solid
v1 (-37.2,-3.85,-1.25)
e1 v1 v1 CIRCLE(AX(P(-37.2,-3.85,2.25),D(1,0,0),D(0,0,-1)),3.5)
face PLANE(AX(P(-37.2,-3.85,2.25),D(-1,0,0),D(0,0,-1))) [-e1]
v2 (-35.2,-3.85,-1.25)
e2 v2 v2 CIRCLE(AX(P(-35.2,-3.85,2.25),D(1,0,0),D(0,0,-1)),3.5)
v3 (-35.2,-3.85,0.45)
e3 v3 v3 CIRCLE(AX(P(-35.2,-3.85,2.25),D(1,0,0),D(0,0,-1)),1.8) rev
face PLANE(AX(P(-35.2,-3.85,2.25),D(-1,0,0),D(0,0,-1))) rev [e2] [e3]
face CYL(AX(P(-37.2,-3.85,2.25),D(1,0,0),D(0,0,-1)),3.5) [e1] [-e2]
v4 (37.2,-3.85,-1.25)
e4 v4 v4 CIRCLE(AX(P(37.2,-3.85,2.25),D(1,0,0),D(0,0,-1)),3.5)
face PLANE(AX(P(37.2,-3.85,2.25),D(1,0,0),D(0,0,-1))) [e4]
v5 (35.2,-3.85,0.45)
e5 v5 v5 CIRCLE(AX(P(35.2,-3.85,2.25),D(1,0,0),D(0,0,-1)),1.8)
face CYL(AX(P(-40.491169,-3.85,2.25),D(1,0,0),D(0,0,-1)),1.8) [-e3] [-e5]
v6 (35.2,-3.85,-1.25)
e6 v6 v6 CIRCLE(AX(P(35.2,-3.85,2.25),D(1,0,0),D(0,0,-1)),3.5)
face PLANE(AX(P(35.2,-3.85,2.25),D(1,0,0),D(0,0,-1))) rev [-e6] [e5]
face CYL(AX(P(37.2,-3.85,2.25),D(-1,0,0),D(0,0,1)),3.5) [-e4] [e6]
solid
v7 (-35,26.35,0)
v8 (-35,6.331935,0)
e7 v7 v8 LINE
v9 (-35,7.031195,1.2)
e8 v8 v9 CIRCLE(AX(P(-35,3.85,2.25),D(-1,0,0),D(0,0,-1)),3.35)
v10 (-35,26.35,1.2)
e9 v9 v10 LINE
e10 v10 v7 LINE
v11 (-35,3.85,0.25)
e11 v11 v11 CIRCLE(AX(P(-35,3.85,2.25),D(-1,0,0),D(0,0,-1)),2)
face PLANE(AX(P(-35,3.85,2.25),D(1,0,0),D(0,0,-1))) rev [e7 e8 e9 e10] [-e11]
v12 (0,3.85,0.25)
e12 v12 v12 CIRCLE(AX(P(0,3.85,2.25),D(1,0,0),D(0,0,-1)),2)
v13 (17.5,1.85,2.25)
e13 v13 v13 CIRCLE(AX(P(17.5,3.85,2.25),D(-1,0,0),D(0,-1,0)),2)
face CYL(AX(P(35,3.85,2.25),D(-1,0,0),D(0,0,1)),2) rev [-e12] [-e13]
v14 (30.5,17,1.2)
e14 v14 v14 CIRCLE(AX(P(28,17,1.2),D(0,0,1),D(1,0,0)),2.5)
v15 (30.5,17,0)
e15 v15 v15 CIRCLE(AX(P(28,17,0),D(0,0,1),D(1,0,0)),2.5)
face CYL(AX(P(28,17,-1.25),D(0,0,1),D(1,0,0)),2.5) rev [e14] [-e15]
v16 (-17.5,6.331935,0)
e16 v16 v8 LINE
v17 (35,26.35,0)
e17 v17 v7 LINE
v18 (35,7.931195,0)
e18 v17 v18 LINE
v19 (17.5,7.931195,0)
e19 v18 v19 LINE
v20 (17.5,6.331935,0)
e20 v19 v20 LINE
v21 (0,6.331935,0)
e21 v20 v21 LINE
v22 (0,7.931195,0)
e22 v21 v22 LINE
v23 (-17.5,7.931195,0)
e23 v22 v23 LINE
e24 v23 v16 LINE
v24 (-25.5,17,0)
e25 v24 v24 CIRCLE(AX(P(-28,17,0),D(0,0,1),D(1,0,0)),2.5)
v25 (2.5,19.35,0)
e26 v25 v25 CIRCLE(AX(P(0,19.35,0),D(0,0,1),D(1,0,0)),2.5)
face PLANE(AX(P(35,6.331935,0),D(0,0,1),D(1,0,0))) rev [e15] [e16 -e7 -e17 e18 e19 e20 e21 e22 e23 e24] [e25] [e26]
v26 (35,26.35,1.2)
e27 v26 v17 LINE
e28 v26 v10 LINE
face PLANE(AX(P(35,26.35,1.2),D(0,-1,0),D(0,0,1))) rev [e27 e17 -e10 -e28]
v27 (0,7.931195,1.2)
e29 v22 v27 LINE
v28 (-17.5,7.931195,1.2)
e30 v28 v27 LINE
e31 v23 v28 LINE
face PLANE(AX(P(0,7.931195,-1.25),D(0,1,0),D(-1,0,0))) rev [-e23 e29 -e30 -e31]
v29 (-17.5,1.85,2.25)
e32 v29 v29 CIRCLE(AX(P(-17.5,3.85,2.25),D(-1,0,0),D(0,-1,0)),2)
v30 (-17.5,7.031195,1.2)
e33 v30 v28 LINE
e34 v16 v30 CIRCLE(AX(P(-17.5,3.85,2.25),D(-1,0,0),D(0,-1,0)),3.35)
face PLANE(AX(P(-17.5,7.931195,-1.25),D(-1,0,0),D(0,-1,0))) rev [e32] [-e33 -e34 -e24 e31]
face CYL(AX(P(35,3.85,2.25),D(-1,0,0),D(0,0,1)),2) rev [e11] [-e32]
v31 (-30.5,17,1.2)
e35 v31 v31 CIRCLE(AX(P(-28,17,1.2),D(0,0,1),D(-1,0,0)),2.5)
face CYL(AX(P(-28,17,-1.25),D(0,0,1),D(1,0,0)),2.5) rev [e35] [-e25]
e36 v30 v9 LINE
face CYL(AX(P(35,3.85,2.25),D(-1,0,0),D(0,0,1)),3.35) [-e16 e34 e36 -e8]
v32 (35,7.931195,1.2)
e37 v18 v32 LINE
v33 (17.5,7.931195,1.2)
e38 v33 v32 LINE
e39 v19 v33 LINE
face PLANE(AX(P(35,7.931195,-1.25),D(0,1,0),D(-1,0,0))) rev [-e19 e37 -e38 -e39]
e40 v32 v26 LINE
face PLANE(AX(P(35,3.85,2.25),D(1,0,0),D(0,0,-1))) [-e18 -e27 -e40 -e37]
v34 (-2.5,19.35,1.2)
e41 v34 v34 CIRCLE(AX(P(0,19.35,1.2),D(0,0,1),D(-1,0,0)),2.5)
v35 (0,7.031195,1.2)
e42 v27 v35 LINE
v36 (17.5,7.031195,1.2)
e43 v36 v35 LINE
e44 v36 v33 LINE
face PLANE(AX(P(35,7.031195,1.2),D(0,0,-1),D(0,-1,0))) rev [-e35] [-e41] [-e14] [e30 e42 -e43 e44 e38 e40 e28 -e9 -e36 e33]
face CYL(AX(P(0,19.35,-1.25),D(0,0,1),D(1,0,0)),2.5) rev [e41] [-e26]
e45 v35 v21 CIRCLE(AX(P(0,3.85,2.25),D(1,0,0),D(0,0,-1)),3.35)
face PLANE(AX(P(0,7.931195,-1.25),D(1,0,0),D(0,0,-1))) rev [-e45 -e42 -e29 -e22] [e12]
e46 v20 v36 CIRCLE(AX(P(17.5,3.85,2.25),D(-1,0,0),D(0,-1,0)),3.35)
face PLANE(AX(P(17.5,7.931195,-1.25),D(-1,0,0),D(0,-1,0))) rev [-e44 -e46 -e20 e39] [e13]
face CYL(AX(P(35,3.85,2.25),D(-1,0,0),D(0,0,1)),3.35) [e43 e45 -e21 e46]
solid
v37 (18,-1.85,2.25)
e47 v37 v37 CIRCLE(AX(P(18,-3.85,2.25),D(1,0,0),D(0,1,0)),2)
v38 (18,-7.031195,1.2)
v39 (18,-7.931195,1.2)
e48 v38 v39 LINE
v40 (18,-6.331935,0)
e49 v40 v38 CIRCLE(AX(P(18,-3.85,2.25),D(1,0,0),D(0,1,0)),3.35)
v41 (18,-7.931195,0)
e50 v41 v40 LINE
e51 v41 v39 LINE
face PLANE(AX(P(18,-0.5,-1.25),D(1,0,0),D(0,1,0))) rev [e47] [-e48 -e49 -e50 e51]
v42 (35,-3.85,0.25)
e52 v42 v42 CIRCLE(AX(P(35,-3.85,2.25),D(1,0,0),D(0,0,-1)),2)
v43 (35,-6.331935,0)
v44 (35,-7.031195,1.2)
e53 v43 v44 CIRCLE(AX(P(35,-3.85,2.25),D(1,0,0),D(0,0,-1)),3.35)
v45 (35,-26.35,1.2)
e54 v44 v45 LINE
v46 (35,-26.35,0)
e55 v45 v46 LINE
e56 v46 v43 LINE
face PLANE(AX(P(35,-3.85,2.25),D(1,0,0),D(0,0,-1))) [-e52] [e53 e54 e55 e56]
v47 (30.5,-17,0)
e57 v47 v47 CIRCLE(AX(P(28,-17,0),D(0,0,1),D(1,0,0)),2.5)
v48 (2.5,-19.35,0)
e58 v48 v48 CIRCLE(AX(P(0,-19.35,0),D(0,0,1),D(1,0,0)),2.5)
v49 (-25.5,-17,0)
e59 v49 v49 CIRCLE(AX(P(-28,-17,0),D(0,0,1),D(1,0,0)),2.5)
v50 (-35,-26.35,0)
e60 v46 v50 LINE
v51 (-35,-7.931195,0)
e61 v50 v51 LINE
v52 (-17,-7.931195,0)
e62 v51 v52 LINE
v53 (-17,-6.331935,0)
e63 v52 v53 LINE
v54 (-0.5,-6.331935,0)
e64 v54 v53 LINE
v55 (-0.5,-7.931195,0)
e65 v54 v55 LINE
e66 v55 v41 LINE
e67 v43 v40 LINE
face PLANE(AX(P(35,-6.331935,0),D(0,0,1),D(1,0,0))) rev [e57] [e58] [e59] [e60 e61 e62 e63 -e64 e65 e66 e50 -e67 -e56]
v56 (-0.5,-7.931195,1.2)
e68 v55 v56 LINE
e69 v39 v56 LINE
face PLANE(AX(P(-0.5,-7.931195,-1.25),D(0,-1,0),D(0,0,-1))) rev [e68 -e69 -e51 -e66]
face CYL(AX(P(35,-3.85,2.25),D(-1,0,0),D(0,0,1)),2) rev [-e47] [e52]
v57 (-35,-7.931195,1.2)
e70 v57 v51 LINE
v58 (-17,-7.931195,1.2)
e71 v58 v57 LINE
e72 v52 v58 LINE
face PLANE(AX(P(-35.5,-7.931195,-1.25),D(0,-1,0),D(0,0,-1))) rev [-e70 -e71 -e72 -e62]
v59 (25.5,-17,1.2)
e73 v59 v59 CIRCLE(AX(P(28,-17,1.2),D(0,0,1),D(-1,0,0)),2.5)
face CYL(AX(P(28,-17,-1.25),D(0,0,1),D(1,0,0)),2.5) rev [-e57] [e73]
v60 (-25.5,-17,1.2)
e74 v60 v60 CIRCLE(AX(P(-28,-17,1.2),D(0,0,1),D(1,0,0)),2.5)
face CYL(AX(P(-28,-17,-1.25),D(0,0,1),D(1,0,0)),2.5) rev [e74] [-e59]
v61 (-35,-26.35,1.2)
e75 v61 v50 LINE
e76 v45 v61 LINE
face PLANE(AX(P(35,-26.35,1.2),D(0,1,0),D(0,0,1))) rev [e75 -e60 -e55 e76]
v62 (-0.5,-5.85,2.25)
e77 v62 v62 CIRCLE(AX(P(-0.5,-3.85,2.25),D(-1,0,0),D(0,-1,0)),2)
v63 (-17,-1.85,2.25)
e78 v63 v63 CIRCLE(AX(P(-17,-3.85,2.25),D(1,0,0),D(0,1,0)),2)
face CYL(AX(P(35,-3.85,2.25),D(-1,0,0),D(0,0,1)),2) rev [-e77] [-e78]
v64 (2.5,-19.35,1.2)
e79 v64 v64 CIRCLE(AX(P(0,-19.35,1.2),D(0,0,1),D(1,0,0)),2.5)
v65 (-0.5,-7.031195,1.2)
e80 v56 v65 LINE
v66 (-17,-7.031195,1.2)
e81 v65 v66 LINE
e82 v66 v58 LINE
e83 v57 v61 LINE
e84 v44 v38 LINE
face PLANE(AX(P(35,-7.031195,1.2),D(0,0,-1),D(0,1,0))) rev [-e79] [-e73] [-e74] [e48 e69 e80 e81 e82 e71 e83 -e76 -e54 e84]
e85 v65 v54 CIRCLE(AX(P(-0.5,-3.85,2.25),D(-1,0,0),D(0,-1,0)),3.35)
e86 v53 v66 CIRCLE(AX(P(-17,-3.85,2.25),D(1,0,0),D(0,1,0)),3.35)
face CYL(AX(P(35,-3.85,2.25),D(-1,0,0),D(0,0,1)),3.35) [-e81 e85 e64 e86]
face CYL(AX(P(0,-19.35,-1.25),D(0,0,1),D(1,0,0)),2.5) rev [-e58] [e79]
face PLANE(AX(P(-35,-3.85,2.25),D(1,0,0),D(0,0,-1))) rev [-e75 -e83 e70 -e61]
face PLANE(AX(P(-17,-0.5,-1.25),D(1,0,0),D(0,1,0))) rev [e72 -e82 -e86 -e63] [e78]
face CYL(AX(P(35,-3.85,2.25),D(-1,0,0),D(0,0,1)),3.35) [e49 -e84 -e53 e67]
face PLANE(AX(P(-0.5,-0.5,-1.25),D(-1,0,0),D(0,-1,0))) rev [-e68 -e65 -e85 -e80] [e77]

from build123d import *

# Parameters (mm, degrees)
SKETCH1_R           = 2
BOSS_EXTRUDE1_DEPTH = 35
BOSS_EXTRUDE2_START = 0.2
SKETCH2_R           = 1.8
BOSS_EXTRUDE2_DEPTH = 70.4
SKETCH3_R           = 3.5
BOSS_EXTRUDE3_DEPTH = 2
SKETCH4_W           = 18.5
SKETCH4_H           = 7.431194744
SKETCH4_W_2         = 17.5
CUT_EXTRUDE1_DEPTH  = 46.948068512
LPATTERN1_COUNT     = 2
LPATTERN1_PITCH     = 35
SKETCH5_R           = 2.5
CUT_EXTRUDE2_DEPTH  = 46.813371411


with BuildPart() as part:
    # Sketch1 → Boss-Extrude1 (new, symmetric)
    with BuildSketch(Plane(origin=(0, 0, 0), x_dir=(0, 0, -1), z_dir=(1, 0, 0))):
        with BuildLine():
            Line((-1.2, -7.031194744), (-1.2, -26.35))
            Line((-1.2, -26.35), (0, -26.35))
            Line((0, -26.35), (0, -6.331934729))
            ThreePointArc((0, -6.331934729), (-3.936636043, -0.955564156), (-1.2, -7.031194744))
        make_face()
        with Locations((-2.25, -3.85)):
            Circle(SKETCH1_R, mode=Mode.SUBTRACT)
    extrude(amount=BOSS_EXTRUDE1_DEPTH, both=True)


with BuildPart() as body_2:
    # Sketch2 → Boss-Extrude2 (new body)
    with BuildSketch(Plane(origin=(35, 0, 0), x_dir=(0, 0, -1), z_dir=(1, 0, 0)).offset(BOSS_EXTRUDE2_START)):
        with Locations((-2.25, -3.85)):
            Circle(SKETCH2_R)
    extrude(amount=-BOSS_EXTRUDE2_DEPTH)

    # Sketch3 → Boss-Extrude3 (add)
    with BuildSketch(Plane(origin=(35.2, 0, 0), x_dir=(0, 0, -1), z_dir=(1, 0, 0))):
        with Locations((-2.25, -3.85)):
            Circle(SKETCH3_R)
    boss_extrude3 = extrude(amount=BOSS_EXTRUDE3_DEPTH)

    # Mirror1: Boss-Extrude3 across plane
    add(boss_extrude3.mirror(Plane(origin=(0, 0, 0), x_dir=(0, 0, 1), z_dir=(1, 0, 0))))


with BuildPart() as body_3:
    # Mirror2: mirrored copy
    add(part.part.mirror(Plane.ZX))


with BuildPart() as cut_extrude1_tool:
    # Sketch4 → Cut-Extrude1 (new, symmetric)
    with BuildSketch(Plane.XY):
        with Locations((8.75, -4.215597372)):
            Rectangle(SKETCH4_W, SKETCH4_H)
        with Locations((26.25, 4.215597372)):
            Rectangle(SKETCH4_W_2, SKETCH4_H)
    cut_extrude1 = extrude(amount=CUT_EXTRUDE1_DEPTH, both=True)


with BuildPart() as part_1:
    add(part.part)

    # Cut-Extrude1: cut by cut_extrude1_tool
    add(cut_extrude1_tool.part, mode=Mode.SUBTRACT)


with BuildPart() as body_3_1:
    add(body_3.part)

    # Cut-Extrude1: cut by cut_extrude1_tool
    add(cut_extrude1_tool.part, mode=Mode.SUBTRACT)


with BuildPart() as lpattern1_tool:
    # LPattern1: Cut-Extrude1 ×2
    with Locations(*[(-i * LPATTERN1_PITCH, 0, 0) for i in range(1, LPATTERN1_COUNT)]):
        add(cut_extrude1)


with BuildPart() as part_2:
    add(part_1.part)

    # LPattern1: cut by lpattern1_tool
    add(lpattern1_tool.part, mode=Mode.SUBTRACT)


with BuildPart() as body_3_2:
    add(body_3_1.part)

    # LPattern1: cut by lpattern1_tool
    add(lpattern1_tool.part, mode=Mode.SUBTRACT)


with BuildPart() as cut_extrude2_tool:
    # Sketch5 → Cut-Extrude2 (new, through all)
    with BuildSketch(Plane.XY.offset(1.2)):
        with Locations((-28, -17)):
            Circle(SKETCH5_R)
        with Locations((28, -17)):
            Circle(SKETCH5_R)
        with Locations((0, -19.35)):
            Circle(SKETCH5_R)
        with Locations((0, 19.35)):
            Circle(SKETCH5_R)
        with Locations((28, 17)):
            Circle(SKETCH5_R)
        with Locations((-28, 17)):
            Circle(SKETCH5_R)
    extrude(amount=-CUT_EXTRUDE2_DEPTH)


with BuildPart() as part_3:
    add(part_2.part)

    # Cut-Extrude2: cut by cut_extrude2_tool
    add(cut_extrude2_tool.part, mode=Mode.SUBTRACT)


with BuildPart() as body_3_3:
    add(body_3_2.part)

    # Cut-Extrude2: cut by cut_extrude2_tool
    add(cut_extrude2_tool.part, mode=Mode.SUBTRACT)


solid = Compound([body_2.part, part_3.part, body_3_3.part])
